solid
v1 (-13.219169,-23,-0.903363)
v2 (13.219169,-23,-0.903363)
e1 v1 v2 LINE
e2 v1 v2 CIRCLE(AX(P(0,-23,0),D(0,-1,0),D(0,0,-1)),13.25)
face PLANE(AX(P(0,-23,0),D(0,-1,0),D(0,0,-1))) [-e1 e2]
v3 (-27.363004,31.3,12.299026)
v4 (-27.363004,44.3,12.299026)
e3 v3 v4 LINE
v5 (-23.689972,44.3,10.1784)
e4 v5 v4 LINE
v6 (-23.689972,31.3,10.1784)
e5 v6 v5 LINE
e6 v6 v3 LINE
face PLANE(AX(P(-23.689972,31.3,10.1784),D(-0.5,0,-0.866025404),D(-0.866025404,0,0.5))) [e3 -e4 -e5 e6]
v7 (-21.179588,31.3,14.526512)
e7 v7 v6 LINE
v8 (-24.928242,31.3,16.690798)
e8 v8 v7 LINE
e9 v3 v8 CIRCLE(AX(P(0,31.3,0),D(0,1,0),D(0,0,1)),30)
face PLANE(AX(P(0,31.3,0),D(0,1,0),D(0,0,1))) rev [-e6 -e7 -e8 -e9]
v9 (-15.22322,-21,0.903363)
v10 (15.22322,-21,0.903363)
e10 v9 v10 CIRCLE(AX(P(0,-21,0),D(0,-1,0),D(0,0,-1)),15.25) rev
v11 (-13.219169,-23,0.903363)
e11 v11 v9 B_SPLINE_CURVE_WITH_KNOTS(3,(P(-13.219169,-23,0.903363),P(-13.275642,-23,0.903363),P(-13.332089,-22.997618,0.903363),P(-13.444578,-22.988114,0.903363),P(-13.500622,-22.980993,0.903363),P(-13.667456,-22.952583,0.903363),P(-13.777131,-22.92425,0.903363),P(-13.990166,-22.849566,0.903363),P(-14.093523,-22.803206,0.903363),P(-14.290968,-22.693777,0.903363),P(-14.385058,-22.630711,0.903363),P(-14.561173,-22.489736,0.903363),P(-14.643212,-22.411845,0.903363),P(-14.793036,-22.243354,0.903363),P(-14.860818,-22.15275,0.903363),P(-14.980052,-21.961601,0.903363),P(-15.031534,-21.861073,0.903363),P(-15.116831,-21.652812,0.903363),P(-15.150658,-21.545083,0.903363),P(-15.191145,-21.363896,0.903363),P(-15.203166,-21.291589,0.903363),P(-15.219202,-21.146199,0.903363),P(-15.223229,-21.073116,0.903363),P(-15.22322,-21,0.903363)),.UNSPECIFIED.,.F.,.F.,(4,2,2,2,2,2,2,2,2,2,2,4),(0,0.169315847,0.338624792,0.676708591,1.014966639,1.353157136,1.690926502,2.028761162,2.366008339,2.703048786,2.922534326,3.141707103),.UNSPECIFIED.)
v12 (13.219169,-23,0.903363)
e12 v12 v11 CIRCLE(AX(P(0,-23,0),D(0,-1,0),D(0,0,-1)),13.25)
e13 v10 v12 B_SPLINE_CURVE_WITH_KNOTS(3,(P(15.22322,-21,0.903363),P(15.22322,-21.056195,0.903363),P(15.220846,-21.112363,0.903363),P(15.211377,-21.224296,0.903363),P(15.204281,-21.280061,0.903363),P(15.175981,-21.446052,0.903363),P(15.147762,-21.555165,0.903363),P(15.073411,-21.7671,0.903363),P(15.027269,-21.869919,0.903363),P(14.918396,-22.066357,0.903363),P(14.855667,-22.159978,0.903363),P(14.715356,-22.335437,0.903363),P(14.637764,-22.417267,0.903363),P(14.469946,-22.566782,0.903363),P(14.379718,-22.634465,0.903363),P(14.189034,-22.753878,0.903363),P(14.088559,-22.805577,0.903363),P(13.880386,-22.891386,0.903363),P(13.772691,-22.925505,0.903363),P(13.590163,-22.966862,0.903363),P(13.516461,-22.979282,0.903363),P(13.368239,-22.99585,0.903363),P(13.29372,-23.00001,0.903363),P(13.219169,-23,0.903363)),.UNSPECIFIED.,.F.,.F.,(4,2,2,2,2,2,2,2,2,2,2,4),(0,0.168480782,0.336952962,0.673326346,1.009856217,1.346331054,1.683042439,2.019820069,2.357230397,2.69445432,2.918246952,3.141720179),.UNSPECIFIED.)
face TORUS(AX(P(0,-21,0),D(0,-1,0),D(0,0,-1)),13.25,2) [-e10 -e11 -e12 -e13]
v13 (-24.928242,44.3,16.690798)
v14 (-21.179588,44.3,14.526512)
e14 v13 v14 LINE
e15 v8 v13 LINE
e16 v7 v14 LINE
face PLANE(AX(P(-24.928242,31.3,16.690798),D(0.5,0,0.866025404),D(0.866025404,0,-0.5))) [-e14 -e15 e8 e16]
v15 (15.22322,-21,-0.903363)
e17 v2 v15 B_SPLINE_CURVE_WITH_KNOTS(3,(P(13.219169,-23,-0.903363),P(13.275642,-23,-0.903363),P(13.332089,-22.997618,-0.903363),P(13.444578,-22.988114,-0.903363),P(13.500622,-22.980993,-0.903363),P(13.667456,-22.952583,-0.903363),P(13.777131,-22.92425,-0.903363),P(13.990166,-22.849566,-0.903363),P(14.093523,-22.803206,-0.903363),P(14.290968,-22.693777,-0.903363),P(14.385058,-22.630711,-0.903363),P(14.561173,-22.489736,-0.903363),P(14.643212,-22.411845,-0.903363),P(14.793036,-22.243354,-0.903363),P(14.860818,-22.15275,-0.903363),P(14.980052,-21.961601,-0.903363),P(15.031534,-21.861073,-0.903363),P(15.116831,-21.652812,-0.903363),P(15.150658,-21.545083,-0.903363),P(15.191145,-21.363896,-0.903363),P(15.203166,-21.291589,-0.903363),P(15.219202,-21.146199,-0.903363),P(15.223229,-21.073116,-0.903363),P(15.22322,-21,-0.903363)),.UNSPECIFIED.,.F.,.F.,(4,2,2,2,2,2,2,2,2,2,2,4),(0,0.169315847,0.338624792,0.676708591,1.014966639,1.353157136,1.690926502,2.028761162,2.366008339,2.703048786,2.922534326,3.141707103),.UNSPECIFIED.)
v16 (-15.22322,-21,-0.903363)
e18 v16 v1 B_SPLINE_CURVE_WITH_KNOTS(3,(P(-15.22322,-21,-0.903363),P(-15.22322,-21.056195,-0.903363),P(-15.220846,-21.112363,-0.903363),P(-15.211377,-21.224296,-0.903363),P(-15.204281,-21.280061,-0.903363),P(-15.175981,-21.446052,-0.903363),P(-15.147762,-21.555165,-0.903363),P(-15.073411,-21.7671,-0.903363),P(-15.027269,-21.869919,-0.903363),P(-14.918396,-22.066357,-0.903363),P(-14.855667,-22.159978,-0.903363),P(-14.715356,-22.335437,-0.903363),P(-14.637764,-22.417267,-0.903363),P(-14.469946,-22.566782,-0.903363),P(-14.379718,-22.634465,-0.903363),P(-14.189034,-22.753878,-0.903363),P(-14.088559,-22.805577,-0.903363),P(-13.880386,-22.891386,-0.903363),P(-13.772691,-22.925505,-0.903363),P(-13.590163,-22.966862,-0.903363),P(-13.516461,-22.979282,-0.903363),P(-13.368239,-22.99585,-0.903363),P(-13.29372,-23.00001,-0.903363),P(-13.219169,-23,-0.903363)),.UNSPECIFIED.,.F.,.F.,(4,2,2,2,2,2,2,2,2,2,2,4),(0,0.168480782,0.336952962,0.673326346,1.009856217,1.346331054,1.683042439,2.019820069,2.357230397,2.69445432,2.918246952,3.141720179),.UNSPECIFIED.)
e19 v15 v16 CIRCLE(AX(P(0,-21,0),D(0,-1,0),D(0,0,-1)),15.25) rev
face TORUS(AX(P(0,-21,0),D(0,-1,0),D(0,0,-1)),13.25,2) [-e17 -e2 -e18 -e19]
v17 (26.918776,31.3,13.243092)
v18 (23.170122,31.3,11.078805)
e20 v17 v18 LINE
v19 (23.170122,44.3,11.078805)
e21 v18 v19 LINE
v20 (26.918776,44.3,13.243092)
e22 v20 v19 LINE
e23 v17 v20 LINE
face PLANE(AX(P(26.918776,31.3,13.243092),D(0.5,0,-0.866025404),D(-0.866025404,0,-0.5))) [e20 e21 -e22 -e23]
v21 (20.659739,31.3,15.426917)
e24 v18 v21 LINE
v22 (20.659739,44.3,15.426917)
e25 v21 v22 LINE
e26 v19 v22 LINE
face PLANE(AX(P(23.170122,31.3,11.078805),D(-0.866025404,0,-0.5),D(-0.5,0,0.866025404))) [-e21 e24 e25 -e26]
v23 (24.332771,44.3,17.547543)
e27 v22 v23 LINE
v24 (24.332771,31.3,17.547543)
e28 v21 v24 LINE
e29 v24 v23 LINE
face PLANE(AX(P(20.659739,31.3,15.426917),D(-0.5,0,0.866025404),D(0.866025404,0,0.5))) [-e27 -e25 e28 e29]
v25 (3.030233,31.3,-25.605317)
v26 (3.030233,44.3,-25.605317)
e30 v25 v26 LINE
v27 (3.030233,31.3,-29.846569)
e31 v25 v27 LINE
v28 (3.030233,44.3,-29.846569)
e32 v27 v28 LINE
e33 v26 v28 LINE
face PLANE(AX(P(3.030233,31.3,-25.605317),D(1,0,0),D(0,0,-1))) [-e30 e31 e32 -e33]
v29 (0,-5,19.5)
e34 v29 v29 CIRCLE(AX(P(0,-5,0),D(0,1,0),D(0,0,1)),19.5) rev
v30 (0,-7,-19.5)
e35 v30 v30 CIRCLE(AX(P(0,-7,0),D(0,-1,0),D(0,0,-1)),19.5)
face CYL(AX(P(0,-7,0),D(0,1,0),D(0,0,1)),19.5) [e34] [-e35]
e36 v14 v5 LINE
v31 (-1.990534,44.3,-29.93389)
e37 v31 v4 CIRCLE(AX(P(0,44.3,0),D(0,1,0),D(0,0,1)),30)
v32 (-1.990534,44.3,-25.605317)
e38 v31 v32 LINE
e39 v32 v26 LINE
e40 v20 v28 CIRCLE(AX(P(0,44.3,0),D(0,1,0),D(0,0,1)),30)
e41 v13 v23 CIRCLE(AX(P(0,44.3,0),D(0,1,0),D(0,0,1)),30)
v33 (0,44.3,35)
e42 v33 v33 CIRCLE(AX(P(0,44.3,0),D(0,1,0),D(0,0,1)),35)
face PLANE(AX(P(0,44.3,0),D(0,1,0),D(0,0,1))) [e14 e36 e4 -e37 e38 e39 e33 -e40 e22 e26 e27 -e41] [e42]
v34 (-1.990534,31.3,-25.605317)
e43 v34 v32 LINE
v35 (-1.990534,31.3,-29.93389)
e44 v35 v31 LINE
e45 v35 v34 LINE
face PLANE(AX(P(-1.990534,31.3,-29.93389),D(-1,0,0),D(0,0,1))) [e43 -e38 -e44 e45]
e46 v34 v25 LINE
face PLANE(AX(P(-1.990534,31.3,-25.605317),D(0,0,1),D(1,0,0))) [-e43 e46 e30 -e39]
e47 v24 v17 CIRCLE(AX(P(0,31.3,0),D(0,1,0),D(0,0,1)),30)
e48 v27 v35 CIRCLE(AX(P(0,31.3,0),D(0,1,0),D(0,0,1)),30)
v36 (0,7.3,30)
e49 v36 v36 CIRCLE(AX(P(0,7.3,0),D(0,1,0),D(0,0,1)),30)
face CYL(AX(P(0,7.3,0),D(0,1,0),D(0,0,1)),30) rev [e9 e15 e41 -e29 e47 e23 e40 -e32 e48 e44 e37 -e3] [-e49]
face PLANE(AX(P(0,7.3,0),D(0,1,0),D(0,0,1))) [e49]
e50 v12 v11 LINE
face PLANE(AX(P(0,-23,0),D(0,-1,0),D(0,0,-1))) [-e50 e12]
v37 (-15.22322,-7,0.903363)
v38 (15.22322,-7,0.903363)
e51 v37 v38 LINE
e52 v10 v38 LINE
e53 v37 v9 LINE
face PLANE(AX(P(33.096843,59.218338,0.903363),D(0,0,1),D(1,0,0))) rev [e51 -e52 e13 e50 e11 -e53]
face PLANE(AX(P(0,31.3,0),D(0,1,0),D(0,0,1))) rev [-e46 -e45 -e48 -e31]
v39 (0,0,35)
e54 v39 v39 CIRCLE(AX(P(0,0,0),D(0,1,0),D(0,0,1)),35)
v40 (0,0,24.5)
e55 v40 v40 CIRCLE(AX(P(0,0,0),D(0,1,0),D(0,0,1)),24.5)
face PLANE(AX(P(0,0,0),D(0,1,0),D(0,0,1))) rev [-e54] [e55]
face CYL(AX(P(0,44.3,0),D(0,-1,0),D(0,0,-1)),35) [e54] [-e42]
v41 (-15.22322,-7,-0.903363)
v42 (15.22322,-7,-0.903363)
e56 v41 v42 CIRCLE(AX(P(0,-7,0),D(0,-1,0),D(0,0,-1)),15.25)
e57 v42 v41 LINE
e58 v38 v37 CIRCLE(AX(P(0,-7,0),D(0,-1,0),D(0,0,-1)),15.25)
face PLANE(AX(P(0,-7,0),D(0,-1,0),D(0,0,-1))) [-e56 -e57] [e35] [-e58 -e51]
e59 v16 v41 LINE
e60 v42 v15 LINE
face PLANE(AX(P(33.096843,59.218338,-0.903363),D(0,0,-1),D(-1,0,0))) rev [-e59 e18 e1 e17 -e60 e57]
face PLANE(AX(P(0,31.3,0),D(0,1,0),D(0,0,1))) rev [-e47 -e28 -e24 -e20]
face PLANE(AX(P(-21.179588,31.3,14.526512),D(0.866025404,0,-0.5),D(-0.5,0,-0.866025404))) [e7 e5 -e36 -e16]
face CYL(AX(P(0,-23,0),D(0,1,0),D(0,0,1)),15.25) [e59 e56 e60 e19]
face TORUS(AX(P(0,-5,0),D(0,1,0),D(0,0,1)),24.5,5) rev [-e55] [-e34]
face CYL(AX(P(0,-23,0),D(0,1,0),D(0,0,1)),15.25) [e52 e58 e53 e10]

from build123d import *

# Parameters (mm, degrees)
SKETCH1_R           = 35
BOSS_EXTRUDE1_DEPTH = 44.3
SKETCH2_R           = 30
CUT_EXTRUDE1_DEPTH  = 37
SKETCH3_R           = 19.5
BOSS_EXTRUDE2_DEPTH = 7
SKETCH4_R           = 15.25
BOSS_EXTRUDE3_DEPTH = 16
FILLET1_R           = 5
BOSS_EXTRUDE4_DEPTH = 13
SKETCH7_W           = 66.193685288
SKETCH7_H           = 1.806726502
CUT_EXTRUDE2_DEPTH  = 16
FILLET2_R           = 2


with BuildPart() as part:
    # Sketch1 → Boss-Extrude1 (new body)
    with BuildSketch(Plane(origin=(0, 0, 0), x_dir=(1, 0, 0), z_dir=(0, 1, 0))):
        with Locations(Location((0, 0, 0), (0, 0, 270))):
            Circle(SKETCH1_R)
    extrude(amount=BOSS_EXTRUDE1_DEPTH)

    # Sketch2 → Cut-Extrude1 (cut)
    with BuildSketch(Plane(origin=(0, 44.3, 0), x_dir=(1, 0, 0), z_dir=(0, 1, 0))):
        with Locations(Location((0, 0, 0), (0, 0, 270))):
            Circle(SKETCH2_R)
    extrude(amount=-CUT_EXTRUDE1_DEPTH, mode=Mode.SUBTRACT)

    # Sketch3 → Boss-Extrude2 (add)
    with BuildSketch(Plane.XZ):
        with Locations(Location((0, 0, 0), (0, 0, 270))):
            Circle(SKETCH3_R)
    extrude(amount=BOSS_EXTRUDE2_DEPTH)

    # Sketch4 → Boss-Extrude3 (add)
    with BuildSketch(Plane.XZ.offset(7)):
        with Locations(Location((0, 0, 0), (0, 0, 270))):
            Circle(SKETCH4_R)
    extrude(amount=BOSS_EXTRUDE3_DEPTH)

    # Fillet1
    fillet1_edges = [part.edges().sort_by_distance(p)[0] for p in [
        (0, 0, 19.5),
    ]]
    fillet(fillet1_edges, radius=FILLET1_R)

    # Sketch5 → Boss-Extrude4 (add)
    with BuildSketch(Plane(origin=(0, 44.3, 0), x_dir=(1, 0, 0), z_dir=(0, 1, 0))):
        with BuildLine():
            Line((-1.990534123, 29.933890056), (-1.990534123, 25.605317076))
            Line((-1.990534123, 25.605317076), (3.030233114, 25.605317076))
            Line((3.030233114, 25.605317076), (3.030233114, 29.846569104))
            ThreePointArc((3.030233114, 29.846569104), (0.521679725, 29.995463828), (-1.990534123, 29.933890056))
        make_face()
        with BuildLine():
            Line((26.918776284, -13.243091911), (23.170122121, -11.07880542))
            Line((23.170122121, -11.07880542), (20.659738503, -15.426917394))
            Line((20.659738503, -15.426917394), (24.332770503, -17.547543408))
            ThreePointArc((24.332770503, -17.547543408), (25.715993811, -15.449519808), (26.918776284, -13.243091911))
        make_face()
        with BuildLine():
            Line((-24.928242161, -16.690798146), (-21.179587998, -14.526511655))
            Line((-21.179587998, -14.526511655), (-23.689971616, -10.178399682))
            Line((-23.689971616, -10.178399682), (-27.363003617, -12.299025696))
            ThreePointArc((-27.363003617, -12.299025696), (-26.237673536, -14.54594402), (-24.928242161, -16.690798146))
        make_face()
    extrude(amount=-BOSS_EXTRUDE4_DEPTH)

    # Sketch7 → Cut-Extrude2 (cut)
    with BuildSketch(Plane.XZ.offset(23)):
        Rectangle(SKETCH7_W, SKETCH7_H)
    extrude(amount=-CUT_EXTRUDE2_DEPTH, mode=Mode.SUBTRACT)

    # Fillet2
    fillet2_edges = [part.edges().sort_by_distance(p)[0] for p in [
        (0, -23, 15.25),
        (0, -23, -15.25),
    ]]
    fillet(fillet2_edges, radius=FILLET2_R)


solid = part.part
